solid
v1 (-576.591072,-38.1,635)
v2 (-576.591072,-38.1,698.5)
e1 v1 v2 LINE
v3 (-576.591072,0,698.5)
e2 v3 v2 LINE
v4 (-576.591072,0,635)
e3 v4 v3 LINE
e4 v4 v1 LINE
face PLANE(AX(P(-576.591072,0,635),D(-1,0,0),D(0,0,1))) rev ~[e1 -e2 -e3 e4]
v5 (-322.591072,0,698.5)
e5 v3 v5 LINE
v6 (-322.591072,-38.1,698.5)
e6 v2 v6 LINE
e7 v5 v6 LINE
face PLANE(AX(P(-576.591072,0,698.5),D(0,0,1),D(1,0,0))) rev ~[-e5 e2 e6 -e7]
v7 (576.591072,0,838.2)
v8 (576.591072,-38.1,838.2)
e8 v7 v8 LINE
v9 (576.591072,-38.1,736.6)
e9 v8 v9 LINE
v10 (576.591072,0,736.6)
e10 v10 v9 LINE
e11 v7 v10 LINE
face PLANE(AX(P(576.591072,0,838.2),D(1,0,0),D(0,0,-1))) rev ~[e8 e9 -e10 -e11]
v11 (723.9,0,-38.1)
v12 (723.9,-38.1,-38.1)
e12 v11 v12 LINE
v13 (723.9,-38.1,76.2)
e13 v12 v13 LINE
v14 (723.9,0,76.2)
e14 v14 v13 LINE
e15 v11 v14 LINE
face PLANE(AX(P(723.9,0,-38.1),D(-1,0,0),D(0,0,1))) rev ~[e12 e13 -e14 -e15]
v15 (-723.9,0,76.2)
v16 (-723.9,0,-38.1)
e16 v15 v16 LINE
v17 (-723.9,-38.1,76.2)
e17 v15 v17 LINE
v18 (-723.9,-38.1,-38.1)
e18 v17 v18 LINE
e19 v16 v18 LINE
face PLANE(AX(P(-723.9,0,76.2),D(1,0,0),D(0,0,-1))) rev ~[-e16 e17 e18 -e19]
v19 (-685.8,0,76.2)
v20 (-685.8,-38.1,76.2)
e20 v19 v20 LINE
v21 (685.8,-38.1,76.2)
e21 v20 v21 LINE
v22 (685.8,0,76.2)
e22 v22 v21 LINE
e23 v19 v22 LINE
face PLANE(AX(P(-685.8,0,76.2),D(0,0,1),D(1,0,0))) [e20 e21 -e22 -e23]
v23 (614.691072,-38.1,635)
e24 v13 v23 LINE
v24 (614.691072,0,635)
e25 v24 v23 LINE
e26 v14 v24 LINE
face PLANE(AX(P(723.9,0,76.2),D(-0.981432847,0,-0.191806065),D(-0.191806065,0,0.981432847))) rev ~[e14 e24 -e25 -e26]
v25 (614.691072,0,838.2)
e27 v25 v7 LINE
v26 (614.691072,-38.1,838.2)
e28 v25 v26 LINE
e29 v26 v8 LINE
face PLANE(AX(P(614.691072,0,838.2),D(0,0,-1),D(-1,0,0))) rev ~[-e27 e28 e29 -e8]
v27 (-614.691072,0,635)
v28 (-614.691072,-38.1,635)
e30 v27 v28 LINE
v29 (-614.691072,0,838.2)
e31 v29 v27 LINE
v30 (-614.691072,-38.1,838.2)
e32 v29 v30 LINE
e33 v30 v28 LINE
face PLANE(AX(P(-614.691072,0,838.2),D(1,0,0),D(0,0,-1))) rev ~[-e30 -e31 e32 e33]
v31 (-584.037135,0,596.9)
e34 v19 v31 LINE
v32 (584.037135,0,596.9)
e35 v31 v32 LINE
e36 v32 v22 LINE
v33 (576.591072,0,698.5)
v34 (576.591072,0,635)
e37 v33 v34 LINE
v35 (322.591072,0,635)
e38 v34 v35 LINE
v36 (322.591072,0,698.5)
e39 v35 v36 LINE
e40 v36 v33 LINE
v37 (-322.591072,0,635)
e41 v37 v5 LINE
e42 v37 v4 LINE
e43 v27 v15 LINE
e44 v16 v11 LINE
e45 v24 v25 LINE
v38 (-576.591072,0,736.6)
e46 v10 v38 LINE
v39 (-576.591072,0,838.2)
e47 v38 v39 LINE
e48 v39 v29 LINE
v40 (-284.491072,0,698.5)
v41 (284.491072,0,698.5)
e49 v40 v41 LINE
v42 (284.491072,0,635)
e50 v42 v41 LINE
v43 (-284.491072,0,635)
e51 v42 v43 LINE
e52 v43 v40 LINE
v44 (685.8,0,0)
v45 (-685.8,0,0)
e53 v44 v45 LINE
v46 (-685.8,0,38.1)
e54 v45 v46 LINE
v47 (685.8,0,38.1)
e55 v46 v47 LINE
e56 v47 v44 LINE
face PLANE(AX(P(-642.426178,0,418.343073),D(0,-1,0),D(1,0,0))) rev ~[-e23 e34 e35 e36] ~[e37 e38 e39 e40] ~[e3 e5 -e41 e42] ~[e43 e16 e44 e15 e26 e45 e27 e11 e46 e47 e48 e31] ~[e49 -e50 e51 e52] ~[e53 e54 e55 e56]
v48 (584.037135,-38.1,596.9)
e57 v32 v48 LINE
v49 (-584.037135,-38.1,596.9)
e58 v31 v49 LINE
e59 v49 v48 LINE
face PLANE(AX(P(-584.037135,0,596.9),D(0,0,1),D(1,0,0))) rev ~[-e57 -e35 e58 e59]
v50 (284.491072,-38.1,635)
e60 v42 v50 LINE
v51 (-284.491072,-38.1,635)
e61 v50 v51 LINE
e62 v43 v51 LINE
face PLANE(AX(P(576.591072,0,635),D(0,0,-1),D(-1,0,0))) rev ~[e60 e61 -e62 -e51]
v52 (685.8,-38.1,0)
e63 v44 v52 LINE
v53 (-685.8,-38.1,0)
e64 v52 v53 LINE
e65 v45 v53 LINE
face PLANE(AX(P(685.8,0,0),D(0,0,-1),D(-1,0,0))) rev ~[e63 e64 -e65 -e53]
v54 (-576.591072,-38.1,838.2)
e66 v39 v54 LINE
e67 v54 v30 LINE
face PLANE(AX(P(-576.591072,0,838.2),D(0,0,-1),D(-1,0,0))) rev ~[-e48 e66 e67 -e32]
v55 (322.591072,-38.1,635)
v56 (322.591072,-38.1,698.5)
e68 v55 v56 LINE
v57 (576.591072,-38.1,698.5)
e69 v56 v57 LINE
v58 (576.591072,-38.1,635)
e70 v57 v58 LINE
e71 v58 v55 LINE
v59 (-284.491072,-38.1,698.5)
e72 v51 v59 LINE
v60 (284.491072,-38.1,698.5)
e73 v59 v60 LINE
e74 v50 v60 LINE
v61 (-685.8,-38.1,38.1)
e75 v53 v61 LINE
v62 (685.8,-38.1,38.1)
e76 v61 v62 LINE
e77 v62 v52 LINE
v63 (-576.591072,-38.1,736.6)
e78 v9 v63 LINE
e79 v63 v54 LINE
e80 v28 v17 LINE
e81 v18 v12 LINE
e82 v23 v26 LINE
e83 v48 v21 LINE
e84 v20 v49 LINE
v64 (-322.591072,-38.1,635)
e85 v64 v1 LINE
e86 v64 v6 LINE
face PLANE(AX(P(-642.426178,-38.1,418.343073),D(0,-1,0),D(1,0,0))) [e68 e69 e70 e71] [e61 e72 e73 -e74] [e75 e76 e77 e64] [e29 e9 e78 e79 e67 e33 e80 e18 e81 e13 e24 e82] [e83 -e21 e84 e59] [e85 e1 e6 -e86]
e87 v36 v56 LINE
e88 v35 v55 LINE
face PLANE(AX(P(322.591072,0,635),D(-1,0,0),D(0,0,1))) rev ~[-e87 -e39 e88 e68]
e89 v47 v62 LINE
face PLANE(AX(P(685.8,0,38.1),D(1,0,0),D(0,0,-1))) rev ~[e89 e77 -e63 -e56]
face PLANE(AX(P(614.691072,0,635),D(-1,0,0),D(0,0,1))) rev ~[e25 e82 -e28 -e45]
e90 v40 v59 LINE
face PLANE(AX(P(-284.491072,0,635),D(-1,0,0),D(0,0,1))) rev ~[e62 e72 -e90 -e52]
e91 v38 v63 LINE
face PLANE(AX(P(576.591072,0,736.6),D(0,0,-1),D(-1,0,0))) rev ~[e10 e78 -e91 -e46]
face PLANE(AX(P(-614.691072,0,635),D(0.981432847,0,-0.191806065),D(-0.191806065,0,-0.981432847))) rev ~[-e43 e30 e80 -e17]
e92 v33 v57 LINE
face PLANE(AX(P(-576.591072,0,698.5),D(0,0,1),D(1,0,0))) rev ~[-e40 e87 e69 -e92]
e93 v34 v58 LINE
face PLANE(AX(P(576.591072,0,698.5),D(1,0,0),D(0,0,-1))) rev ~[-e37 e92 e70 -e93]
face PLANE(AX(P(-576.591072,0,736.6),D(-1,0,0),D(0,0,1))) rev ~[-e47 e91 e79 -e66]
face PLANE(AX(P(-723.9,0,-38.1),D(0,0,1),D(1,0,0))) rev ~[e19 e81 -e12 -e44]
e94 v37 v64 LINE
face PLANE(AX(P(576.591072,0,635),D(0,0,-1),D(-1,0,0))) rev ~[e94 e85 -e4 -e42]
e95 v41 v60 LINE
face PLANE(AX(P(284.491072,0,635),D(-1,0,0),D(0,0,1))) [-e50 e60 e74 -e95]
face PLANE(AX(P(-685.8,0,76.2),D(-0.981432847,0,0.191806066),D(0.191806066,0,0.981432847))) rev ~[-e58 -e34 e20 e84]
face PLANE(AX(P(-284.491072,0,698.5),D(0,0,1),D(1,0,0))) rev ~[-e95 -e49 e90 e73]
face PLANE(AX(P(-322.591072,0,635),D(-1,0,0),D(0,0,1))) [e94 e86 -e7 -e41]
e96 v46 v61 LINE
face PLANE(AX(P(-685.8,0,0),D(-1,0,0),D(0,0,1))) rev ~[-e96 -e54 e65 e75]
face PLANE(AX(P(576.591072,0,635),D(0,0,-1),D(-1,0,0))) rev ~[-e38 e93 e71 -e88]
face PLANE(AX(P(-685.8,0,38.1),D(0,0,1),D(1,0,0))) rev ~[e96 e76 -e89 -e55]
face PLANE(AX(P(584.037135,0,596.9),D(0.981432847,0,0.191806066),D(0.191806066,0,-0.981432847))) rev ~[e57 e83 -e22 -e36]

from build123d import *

# Parameters (mm, degrees)
F0_W     = 1371.6
F0_H     = 38.1
F1_DEPTH = 38.1
F0_W_2   = 38.1
F0_H_2   = 63.5
F2_DEPTH = 38.1


with BuildPart() as f1:
    # F0 (on Front) → F1 (new body)
    with BuildSketch(Plane.XZ):
        Polygon((-723.9, 76.2), (-723.9, 0), (-685.8, 0), (-685.8, 38.1), (-685.8, 76.2), (-584.037135, 596.9), (-576.591072, 635), (-576.591072, 698.5), (-576.591072, 736.6), (-576.591072, 838.2), (-614.691072, 838.2), (-614.691072, 635), align=None)
        Polygon((-576.591072, 635), (-584.037135, 596.9), (584.037135, 596.9), (576.591072, 635), (322.591072, 635), (284.491072, 635), (-284.491072, 635), (-322.591072, 635), align=None)
        Polygon((576.591072, 736.6), (-576.591072, 736.6), (-576.591072, 698.5), (-322.591072, 698.5), (-284.491072, 698.5), (284.491072, 698.5), (322.591072, 698.5), (576.591072, 698.5), align=None)
        Polygon((685.8, 38.1), (685.8, 0), (723.9, 0), (723.9, 76.2), (614.691072, 635), (614.691072, 838.2), (576.591072, 838.2), (576.591072, 736.6), (576.591072, 698.5), (576.591072, 635), (584.037135, 596.9), (685.8, 76.2), align=None)
        with Locations((0, 57.15)):
            Rectangle(F0_W, F0_H)
        Polygon((-685.8, 0), (-723.9, 0), (-723.9, -38.1), (723.9, -38.1), (723.9, 0), (685.8, 0), align=None)
    extrude(amount=F1_DEPTH)

    # F0 (on Front) → F2 (join)
    with BuildSketch(Plane.XZ):
        Polygon((-723.9, 76.2), (-723.9, 0), (-685.8, 0), (-685.8, 38.1), (-685.8, 76.2), (-584.037135, 596.9), (-576.591072, 635), (-576.591072, 698.5), (-576.591072, 736.6), (-576.591072, 838.2), (-614.691072, 838.2), (-614.691072, 635), align=None)
        Polygon((685.8, 38.1), (685.8, 0), (723.9, 0), (723.9, 76.2), (614.691072, 635), (614.691072, 838.2), (576.591072, 838.2), (576.591072, 736.6), (576.591072, 698.5), (576.591072, 635), (584.037135, 596.9), (685.8, 76.2), align=None)
        Polygon((-685.8, 0), (-723.9, 0), (-723.9, -38.1), (723.9, -38.1), (723.9, 0), (685.8, 0), align=None)
        Polygon((576.591072, 736.6), (-576.591072, 736.6), (-576.591072, 698.5), (-322.591072, 698.5), (-284.491072, 698.5), (284.491072, 698.5), (322.591072, 698.5), (576.591072, 698.5), align=None)
        with Locations((-303.541072, 666.75)):
            Rectangle(F0_W_2, F0_H_2)
        with Locations((303.541072, 666.75)):
            Rectangle(F0_W_2, F0_H_2)
    extrude(amount=F2_DEPTH)


solid = f1.part
